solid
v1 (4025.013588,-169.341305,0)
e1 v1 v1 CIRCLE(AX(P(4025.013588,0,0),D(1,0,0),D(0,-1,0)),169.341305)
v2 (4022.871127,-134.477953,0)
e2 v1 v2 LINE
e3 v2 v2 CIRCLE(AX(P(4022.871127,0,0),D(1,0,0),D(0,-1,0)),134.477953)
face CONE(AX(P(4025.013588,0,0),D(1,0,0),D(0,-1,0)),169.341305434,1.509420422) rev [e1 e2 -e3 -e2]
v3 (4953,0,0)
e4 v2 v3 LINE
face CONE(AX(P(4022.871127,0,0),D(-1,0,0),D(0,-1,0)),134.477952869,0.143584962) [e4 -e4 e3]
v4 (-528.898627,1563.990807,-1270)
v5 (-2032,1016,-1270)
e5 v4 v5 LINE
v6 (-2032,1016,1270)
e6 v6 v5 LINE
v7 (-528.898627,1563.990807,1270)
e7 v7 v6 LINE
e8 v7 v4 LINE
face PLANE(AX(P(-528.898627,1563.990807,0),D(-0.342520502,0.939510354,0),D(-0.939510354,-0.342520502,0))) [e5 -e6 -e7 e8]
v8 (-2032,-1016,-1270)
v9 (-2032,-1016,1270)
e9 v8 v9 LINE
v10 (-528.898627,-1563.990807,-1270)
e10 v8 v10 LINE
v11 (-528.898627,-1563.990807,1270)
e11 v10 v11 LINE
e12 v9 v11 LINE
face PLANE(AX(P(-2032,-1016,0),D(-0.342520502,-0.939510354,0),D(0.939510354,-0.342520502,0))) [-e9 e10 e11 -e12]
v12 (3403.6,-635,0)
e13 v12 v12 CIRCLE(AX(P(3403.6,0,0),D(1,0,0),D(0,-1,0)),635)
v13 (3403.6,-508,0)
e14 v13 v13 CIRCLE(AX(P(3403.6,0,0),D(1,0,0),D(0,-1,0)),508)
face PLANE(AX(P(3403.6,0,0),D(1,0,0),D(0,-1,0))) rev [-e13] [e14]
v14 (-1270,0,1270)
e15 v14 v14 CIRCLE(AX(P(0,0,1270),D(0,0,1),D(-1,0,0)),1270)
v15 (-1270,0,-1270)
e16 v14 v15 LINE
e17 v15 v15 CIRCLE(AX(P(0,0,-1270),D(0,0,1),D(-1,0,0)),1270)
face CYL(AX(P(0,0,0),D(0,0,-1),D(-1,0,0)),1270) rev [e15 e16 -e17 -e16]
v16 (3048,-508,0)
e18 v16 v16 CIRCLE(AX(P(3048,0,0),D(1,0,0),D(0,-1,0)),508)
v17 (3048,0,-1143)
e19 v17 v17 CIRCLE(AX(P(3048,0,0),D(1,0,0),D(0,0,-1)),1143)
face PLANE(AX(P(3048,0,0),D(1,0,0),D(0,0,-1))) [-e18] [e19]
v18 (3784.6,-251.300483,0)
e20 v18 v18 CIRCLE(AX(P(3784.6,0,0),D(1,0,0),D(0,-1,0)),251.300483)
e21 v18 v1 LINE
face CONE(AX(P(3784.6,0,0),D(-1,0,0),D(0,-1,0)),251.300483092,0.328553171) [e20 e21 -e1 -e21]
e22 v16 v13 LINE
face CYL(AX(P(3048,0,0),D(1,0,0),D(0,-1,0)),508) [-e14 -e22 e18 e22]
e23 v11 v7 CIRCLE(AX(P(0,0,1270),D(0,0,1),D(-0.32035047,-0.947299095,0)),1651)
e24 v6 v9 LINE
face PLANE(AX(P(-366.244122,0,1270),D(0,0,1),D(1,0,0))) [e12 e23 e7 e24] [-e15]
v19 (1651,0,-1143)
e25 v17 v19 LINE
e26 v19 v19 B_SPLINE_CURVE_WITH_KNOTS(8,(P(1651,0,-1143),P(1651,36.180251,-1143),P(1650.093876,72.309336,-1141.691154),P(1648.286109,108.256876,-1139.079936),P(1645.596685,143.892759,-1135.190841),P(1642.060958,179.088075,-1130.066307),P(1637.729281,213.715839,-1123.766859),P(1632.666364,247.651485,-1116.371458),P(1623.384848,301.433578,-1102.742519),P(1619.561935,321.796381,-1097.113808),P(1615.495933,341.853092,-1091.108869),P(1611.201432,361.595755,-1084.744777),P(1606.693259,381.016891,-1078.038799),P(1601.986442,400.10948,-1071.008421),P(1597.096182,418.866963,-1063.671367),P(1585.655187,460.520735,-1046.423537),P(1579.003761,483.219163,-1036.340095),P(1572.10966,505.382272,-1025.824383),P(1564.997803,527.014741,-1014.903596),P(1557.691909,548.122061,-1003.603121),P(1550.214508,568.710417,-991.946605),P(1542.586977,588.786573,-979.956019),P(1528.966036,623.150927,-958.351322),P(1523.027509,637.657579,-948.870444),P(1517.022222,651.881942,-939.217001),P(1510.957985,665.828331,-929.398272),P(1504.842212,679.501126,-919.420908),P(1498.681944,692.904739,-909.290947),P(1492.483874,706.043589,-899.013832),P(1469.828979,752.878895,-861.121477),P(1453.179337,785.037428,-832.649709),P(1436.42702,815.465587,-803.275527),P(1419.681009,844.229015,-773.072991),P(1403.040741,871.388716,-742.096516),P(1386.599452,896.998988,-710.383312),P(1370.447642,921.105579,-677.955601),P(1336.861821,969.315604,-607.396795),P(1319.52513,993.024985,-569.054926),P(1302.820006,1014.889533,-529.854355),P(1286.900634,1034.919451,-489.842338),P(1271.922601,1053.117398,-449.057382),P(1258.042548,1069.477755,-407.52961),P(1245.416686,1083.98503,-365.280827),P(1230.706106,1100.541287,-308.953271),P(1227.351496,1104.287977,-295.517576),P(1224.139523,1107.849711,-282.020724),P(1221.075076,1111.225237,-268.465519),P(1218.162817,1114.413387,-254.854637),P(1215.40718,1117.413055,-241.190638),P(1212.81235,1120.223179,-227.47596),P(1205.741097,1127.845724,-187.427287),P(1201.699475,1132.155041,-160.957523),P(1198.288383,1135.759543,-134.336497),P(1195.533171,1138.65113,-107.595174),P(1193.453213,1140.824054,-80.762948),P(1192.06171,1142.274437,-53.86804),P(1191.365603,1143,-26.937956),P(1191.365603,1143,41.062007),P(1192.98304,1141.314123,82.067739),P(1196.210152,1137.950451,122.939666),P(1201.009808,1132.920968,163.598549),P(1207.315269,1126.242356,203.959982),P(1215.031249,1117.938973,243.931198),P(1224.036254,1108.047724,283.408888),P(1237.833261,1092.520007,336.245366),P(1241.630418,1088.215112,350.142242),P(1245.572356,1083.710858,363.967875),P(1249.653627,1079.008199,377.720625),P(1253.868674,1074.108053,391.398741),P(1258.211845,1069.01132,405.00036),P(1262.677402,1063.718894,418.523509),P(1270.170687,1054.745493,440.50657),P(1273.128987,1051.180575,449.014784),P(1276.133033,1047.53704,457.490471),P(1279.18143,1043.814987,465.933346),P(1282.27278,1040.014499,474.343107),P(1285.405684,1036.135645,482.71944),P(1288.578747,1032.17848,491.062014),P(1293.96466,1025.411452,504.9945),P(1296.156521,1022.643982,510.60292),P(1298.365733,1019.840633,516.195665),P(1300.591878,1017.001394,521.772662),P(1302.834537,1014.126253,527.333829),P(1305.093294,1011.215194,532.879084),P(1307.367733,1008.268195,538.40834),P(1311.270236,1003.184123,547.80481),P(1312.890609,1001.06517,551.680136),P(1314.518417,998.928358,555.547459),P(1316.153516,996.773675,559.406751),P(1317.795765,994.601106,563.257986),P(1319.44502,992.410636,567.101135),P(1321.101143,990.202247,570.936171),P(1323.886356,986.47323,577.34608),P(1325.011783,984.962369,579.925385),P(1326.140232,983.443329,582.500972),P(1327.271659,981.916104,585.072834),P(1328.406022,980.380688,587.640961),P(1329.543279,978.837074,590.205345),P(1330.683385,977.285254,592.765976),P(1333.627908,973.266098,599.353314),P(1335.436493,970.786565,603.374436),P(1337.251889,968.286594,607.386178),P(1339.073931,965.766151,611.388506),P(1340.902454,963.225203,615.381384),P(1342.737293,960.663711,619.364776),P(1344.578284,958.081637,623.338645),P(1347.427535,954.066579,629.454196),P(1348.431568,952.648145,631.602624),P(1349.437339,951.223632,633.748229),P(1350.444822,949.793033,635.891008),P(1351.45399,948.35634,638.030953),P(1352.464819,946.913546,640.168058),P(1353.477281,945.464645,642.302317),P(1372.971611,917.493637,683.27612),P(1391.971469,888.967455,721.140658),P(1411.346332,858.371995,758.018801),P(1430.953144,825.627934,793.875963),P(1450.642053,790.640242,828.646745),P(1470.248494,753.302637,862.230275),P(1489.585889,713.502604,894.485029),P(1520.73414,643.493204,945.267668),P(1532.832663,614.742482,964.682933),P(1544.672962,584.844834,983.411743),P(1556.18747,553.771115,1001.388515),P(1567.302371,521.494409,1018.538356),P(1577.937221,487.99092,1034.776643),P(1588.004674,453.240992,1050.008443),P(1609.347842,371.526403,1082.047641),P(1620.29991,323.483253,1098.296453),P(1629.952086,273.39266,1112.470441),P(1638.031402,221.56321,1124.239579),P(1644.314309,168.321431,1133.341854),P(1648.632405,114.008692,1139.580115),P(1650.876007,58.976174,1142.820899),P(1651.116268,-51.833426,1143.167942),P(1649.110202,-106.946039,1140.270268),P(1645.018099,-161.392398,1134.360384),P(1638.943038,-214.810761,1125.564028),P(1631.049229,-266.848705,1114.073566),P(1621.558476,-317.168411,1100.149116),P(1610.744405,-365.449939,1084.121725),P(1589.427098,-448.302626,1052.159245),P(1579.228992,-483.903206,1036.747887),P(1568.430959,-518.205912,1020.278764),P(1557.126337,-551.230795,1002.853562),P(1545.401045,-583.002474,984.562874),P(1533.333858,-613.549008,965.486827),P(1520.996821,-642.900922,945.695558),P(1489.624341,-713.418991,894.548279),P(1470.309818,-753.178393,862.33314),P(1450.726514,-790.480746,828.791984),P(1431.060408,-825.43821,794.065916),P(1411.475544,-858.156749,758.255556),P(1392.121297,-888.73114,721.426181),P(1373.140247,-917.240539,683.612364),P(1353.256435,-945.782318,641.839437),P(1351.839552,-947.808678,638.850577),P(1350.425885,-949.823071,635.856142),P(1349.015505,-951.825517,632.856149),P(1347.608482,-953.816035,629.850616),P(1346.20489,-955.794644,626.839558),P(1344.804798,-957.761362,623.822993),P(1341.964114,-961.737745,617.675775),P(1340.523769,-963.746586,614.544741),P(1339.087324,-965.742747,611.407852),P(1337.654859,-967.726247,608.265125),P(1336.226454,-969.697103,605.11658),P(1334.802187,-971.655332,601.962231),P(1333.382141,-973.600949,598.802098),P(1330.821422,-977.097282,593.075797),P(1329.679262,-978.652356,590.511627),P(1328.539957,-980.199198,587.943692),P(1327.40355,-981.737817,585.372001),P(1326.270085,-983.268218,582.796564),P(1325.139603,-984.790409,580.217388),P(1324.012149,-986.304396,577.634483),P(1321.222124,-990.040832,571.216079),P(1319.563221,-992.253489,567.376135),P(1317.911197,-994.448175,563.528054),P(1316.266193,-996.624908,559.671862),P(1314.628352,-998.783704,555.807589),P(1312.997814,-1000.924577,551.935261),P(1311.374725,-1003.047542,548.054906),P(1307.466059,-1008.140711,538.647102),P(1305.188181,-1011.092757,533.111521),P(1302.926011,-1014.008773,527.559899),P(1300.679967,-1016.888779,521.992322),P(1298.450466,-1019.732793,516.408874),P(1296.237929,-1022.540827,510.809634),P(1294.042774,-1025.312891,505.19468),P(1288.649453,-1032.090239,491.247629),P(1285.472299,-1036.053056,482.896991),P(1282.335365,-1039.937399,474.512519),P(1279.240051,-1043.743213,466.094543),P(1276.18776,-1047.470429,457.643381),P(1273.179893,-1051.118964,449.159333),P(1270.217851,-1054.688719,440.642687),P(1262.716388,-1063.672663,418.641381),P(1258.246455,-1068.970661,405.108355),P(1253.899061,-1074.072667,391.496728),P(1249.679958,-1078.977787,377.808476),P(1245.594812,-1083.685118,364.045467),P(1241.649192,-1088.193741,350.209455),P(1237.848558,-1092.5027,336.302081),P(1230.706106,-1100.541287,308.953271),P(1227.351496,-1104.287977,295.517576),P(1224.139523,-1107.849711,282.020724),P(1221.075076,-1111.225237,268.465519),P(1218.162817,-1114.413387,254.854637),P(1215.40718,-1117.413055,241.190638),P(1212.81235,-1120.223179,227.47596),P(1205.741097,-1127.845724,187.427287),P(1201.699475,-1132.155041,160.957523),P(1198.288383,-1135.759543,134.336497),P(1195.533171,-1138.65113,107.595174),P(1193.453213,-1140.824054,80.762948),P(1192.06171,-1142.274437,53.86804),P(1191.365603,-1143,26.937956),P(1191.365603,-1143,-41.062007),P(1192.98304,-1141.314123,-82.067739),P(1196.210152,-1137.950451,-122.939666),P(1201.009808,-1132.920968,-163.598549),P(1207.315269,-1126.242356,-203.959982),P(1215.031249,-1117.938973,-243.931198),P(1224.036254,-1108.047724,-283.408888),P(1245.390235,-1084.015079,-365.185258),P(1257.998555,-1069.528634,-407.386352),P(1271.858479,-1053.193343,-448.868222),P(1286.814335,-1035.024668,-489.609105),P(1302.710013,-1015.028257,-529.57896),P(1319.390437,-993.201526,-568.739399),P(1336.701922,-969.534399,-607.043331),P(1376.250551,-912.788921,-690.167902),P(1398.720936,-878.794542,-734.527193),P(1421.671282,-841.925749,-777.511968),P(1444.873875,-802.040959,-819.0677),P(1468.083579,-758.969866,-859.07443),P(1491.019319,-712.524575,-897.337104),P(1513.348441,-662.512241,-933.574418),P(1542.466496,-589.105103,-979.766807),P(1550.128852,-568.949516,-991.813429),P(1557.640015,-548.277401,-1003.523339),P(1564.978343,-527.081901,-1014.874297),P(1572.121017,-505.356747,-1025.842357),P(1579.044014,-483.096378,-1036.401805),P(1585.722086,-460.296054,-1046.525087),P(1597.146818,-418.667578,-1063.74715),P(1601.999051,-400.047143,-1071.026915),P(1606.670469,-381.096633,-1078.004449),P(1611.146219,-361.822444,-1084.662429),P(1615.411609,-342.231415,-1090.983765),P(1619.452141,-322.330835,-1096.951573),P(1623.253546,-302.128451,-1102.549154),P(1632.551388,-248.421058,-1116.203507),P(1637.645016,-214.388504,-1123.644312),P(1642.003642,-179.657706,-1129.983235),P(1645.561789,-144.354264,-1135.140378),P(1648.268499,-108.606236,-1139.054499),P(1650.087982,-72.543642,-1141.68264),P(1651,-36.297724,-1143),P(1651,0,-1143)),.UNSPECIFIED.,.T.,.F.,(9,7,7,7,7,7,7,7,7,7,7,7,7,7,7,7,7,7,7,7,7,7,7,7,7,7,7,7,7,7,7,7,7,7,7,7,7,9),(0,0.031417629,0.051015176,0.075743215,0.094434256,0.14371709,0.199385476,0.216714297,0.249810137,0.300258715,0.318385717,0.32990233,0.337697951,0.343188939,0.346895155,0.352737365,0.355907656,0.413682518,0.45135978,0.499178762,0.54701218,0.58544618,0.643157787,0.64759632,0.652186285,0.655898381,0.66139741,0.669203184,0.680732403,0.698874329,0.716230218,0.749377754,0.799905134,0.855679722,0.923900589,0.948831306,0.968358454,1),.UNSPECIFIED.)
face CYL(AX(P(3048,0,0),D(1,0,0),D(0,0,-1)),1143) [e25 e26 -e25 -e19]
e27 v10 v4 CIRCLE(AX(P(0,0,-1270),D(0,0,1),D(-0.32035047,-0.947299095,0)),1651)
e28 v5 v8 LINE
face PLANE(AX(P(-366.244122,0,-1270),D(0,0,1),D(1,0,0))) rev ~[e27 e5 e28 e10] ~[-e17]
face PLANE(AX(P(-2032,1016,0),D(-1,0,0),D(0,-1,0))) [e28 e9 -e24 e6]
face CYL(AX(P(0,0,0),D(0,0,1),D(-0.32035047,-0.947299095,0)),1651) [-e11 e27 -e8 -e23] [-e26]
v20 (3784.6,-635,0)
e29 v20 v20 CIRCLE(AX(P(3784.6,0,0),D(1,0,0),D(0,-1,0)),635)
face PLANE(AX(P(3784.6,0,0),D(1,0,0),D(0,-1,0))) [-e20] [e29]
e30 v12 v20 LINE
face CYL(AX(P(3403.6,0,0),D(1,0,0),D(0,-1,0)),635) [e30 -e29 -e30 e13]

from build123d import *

# Parameters (mm, degrees)
SKETCH1_R                = 1270
BOSS_EXTRUDE1_DEPTH      = 1270
BOSS_EXTRUDE2_REACH      = 5492.455
BOSS_EXTRUDE2_END_RADIUS = 1651
SKETCH2_R                = 1143


with BuildPart() as part:
    # Sketch1 → Boss-Extrude1 (new, symmetric)
    with BuildSketch(Plane.XY):
        with BuildLine():
            Line((-2032, 1016), (-2032, -1016))
            Line((-2032, -1016), (-528.898626564, -1563.990806501))
            ThreePointArc((-528.898626564, -1563.990806501), (1651, 0), (-528.898626564, 1563.990806501))
            Line((-528.898626564, 1563.990806501), (-2032, 1016))
        make_face()
        with Locations(Location((0, 0, 0), (0, 0, 180))):
            Circle(SKETCH1_R, mode=Mode.SUBTRACT)
    extrude(amount=BOSS_EXTRUDE1_DEPTH, both=True)

    # Boss-Extrude2: up to this cylinder (the profile starts outside it)
    boss_extrude2_end = Plane(origin=(0, 0, 0), z_dir=(0, 0, -1)) * Cylinder(BOSS_EXTRUDE2_END_RADIUS, 14287.91, mode=Mode.PRIVATE)
    # Sketch2 → Boss-Extrude2 (add, up to the surface)
    with BuildSketch(Plane(origin=(3048, 0, 0), x_dir=(0, 0, -1), z_dir=(1, 0, 0)), mode=Mode.PRIVATE) as boss_extrude2_sk1:
        Circle(SKETCH2_R)
    boss_extrude2_tool1 = extrude(boss_extrude2_sk1.sketch, amount=-BOSS_EXTRUDE2_REACH, mode=Mode.PRIVATE) - boss_extrude2_end
    add(boss_extrude2_tool1.solids().sort_by_distance((3048, 0, 0))[0])

    # Sketch3 → Revolve1 (revolve)
    with BuildSketch(Plane.XY):
        Polygon((3048, 0), (3048, -508), (3403.6, -508), (3403.6, -635), (3784.6, -635), (3784.6, -251.300483092), (4025.013587797, -169.341305434), (4022.871127105, -134.477952869), (4953, 0), align=None)
    revolve(axis=Axis((0, 0, 0), (1, 0, 0)))


solid = part.part
